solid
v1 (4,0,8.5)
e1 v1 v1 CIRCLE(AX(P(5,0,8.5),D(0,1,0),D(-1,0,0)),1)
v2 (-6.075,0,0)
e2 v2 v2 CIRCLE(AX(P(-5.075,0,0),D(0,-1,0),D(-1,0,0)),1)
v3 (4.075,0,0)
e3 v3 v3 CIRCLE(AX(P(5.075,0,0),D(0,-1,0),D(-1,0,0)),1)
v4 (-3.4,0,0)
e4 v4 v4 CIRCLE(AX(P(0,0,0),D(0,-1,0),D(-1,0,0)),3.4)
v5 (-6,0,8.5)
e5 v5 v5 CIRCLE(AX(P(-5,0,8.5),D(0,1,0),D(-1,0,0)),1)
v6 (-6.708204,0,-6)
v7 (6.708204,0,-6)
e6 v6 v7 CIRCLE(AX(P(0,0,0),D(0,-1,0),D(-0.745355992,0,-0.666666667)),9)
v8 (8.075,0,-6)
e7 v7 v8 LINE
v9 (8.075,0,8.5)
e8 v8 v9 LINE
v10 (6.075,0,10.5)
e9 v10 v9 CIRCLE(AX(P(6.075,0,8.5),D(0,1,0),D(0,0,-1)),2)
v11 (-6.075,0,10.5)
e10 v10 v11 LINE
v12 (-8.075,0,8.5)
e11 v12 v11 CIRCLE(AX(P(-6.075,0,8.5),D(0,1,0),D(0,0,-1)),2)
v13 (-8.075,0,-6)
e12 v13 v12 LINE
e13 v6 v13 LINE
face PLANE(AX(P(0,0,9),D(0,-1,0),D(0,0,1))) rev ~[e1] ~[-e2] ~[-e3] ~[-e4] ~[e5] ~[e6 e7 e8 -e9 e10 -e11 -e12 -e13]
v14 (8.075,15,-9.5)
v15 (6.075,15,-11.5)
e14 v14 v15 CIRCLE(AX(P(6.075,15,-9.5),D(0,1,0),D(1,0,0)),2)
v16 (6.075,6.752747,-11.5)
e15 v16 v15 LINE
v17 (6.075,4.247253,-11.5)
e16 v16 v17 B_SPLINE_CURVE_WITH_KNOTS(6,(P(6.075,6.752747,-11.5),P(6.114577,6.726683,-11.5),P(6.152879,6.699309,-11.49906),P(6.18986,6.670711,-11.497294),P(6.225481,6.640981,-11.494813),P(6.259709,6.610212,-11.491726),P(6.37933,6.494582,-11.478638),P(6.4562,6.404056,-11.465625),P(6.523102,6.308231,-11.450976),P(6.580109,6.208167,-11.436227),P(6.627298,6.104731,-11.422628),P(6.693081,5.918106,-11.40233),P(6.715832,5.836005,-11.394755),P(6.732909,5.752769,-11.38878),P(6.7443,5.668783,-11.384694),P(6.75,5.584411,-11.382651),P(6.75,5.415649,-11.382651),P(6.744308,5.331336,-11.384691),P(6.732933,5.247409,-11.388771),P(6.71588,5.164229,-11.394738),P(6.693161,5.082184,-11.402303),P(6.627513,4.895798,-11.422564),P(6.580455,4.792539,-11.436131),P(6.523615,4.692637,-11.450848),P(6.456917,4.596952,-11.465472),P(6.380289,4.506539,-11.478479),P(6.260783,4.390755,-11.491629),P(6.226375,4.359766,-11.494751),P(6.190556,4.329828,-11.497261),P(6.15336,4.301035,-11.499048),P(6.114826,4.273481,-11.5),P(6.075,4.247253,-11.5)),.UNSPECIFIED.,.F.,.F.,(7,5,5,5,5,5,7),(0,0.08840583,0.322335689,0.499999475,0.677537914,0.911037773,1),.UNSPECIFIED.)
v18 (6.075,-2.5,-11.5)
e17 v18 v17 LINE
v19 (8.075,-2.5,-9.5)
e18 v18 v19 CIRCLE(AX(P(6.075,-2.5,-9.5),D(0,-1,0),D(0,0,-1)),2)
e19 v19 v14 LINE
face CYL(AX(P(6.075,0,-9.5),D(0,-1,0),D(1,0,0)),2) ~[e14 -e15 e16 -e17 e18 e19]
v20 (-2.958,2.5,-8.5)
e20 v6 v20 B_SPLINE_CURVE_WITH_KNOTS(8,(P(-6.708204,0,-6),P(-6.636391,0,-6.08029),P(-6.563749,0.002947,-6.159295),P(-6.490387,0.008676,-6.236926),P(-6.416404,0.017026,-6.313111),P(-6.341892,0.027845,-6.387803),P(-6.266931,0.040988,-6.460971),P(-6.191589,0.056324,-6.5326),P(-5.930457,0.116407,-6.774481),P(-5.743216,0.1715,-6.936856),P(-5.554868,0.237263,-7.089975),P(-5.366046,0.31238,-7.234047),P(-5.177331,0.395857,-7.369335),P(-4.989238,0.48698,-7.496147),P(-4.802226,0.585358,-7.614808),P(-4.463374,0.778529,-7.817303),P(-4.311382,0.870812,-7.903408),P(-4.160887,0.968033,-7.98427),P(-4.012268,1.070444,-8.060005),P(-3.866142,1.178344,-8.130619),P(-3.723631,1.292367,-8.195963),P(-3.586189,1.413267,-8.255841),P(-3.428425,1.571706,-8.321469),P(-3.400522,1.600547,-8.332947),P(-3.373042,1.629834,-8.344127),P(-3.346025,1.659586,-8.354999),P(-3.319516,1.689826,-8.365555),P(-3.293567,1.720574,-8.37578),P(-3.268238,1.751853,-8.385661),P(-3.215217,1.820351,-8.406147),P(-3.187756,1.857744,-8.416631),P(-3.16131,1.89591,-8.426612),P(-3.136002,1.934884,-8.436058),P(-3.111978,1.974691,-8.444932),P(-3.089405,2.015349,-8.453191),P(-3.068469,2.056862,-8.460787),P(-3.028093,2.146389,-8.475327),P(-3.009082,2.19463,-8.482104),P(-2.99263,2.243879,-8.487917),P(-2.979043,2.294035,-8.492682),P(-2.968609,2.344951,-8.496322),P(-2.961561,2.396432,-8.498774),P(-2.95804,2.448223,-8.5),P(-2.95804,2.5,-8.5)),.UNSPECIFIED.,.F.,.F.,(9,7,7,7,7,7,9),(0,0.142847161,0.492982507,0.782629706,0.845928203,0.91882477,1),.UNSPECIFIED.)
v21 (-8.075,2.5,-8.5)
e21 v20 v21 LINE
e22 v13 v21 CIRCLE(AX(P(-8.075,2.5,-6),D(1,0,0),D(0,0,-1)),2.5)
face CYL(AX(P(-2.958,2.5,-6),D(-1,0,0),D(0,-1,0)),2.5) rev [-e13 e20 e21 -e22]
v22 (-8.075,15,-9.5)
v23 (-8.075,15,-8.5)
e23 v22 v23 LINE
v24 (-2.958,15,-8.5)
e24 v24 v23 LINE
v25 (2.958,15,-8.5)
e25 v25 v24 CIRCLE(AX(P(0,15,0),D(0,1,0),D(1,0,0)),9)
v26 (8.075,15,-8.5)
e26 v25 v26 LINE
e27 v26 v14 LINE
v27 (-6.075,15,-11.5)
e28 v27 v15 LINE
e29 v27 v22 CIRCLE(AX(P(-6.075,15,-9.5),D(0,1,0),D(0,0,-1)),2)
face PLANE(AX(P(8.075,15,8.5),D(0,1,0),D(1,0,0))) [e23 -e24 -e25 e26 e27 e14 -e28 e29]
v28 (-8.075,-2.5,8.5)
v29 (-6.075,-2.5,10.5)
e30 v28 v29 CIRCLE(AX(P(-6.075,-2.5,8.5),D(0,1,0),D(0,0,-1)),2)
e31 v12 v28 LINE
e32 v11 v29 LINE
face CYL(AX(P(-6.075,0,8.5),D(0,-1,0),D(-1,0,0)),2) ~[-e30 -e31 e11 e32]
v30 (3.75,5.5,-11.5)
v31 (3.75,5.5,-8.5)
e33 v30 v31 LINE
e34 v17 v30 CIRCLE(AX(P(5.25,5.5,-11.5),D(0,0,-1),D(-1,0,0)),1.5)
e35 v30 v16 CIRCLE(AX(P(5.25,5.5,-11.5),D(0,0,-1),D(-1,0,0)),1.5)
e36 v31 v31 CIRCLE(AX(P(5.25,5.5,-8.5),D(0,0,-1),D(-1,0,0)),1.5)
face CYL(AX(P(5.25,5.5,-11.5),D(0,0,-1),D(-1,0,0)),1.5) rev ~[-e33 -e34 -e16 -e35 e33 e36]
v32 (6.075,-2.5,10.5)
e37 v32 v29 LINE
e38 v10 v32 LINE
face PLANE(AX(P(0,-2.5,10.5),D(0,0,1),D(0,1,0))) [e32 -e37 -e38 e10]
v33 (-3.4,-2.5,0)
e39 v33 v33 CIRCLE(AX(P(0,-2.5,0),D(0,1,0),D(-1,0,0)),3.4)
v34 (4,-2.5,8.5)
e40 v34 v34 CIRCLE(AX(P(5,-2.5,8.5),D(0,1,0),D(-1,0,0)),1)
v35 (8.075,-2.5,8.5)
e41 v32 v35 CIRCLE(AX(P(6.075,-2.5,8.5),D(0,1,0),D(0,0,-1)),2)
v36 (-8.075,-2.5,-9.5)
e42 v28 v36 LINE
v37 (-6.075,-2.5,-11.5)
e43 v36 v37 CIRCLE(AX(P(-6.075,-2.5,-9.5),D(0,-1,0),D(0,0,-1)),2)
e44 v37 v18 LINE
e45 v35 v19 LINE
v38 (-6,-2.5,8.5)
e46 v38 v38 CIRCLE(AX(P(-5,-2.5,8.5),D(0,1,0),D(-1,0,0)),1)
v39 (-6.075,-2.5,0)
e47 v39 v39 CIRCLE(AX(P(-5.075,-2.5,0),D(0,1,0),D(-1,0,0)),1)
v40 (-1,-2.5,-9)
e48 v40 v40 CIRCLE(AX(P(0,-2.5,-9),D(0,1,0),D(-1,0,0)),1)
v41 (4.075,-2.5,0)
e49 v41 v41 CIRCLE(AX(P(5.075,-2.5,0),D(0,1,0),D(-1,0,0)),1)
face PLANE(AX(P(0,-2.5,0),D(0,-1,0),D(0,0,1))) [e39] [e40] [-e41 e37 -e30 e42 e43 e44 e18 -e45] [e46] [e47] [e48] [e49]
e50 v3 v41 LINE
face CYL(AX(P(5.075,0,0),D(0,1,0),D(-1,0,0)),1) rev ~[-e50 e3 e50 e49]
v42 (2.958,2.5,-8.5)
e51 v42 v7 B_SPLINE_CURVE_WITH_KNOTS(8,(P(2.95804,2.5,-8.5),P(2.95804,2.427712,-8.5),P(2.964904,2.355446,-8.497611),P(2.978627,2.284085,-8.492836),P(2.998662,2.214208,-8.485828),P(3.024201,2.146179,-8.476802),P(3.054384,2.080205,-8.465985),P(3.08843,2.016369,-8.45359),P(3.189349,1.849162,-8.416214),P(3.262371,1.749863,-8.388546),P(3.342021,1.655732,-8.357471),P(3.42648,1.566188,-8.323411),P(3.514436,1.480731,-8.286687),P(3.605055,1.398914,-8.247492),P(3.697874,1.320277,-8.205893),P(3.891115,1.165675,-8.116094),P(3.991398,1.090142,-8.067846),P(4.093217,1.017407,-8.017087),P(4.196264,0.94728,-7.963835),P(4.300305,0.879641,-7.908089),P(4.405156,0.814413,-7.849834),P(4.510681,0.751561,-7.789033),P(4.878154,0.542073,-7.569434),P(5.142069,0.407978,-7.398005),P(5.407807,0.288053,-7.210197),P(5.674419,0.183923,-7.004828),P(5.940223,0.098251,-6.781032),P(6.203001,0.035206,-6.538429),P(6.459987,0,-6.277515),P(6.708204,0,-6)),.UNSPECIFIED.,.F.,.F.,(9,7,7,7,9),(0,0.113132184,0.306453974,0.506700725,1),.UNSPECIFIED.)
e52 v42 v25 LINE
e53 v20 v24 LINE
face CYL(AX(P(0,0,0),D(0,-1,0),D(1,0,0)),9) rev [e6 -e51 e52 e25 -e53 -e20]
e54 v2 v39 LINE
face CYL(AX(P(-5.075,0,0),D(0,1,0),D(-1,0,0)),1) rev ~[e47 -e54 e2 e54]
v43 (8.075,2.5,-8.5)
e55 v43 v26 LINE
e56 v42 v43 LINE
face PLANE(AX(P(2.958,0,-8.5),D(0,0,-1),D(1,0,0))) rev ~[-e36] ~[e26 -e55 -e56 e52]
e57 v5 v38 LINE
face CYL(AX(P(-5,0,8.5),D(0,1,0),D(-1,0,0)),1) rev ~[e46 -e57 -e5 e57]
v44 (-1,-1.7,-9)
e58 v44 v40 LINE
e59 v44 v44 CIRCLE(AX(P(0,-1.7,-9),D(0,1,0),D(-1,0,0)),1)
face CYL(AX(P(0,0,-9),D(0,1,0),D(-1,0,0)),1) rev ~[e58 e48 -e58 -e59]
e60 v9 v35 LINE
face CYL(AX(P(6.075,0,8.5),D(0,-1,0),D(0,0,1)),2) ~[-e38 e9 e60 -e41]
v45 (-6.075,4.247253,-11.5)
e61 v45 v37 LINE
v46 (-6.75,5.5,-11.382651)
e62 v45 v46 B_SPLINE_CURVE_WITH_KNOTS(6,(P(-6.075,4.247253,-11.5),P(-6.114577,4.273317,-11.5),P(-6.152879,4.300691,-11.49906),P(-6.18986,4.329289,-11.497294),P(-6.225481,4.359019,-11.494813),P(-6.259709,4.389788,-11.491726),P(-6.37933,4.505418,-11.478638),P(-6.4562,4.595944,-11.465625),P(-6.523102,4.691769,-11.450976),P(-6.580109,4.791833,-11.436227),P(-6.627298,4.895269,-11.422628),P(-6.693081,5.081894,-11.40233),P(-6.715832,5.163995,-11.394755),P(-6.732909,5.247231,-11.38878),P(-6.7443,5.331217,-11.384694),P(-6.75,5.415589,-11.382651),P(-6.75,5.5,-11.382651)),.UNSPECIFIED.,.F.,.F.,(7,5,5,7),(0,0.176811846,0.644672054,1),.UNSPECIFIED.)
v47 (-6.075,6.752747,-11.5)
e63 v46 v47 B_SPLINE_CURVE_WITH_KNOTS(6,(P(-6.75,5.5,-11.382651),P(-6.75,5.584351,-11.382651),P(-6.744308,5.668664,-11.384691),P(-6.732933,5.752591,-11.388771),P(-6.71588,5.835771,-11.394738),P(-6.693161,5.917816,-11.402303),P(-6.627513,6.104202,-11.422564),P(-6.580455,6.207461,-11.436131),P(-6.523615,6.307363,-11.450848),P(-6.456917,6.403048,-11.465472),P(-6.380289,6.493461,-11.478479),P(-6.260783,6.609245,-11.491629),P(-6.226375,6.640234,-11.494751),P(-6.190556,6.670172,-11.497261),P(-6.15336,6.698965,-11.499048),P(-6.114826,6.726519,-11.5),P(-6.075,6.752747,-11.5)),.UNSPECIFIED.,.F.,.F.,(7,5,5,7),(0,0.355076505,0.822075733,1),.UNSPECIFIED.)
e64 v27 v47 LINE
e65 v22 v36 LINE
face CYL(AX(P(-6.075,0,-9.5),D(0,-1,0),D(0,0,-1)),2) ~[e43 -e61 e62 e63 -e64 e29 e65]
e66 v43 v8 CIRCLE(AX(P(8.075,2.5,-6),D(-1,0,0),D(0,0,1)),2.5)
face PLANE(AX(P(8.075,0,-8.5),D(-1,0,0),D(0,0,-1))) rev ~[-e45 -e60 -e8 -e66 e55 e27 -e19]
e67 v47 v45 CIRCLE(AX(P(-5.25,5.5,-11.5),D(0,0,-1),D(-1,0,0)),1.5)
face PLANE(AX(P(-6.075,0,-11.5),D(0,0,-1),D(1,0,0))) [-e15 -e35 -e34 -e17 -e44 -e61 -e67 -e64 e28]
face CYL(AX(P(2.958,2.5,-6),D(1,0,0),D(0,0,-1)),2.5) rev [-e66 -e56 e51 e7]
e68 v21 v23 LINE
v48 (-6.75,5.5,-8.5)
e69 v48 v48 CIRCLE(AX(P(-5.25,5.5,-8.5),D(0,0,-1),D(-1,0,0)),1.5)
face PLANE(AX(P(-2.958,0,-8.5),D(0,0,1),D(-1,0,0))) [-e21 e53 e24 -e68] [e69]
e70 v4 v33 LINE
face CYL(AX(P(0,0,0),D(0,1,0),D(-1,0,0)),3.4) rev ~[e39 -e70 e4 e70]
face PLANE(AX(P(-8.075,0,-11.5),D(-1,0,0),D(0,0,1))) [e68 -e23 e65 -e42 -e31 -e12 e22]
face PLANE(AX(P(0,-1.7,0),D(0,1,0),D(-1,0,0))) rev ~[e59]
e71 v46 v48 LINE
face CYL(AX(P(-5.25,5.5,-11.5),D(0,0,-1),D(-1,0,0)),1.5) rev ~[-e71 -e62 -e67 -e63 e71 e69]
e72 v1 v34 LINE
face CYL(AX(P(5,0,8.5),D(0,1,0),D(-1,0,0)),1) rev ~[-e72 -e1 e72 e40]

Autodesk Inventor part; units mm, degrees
ref_plane "YZ Plane" through (0, 0, 0) normal (1, 0, 0) x (0, 1, 0)
ref_plane "XZ Plane" through (0, 0, 0) normal (0, 1, 0) x (-1, 0, 0)
ref_plane "XY Plane" through (0, 0, 0) normal (0, 0, 1) x (1, 0, 0)
sketch "sk_main" plane through (0, 0, 0) normal (1, 0, 0) x (0, 1, 0)
  line L0 (-8, 0) -> (30.5, 0) projected
  line L1 (0, -15.9) -> (0, 14.9) projected
  line L2 (25, -7.5) -> (0, -7.5)
  line L3 (0, -7.5) -> (0, 9)
  line L4 (25, -11.5) -> (-2.5, -11.5)
  line L5 (-2.5, -11.5) -> (-2.5, 10.5)
  line L6 (0, 10.5) -> (0, -11.5)
  line L7 (25, -7.5) -> (25, -11.5)
  line L8 (-2.5, 10.5) -> (0, 10.5)
  point P0 (0, 0)
  dimension "d5" = 2.5
  dimension "d35" = 25
  dimension "d37" = 4
  dimension "d38" = 18
  dimension "d58" = 10.5
extrude "ext_main_back" [suppressed]
extrude "ext_main_front" add sketch "sk_main" along normal mid plane 12.15 contours L5 L8 L1 L0 | L0 L1 L4 L5
sketch "sk_front" plane through (0, 0, 0) normal (0, 1, 0) x (-1, 0, 0)
  line L0 (0, -22.55) -> (0, 16.3) projected
  line L1 (12.1092, 0) -> (-12.1092, 0) projected
  circle A0 centre (0, 0) radius 3.4
  circle A1 centre (5.075, 0) radius 1
  circle A2 centre (-5.075, 0) radius 1
  circle A3 centre (0, 0) radius 8 construction
  circle A4 centre (0, -9) radius 8 construction
  circle A5 centre (0, -9) radius 1
  line L2 (8.6494, -4.5) -> (-8.6494, -4.5) construction
  line L3 (-6.075, 10.5) -> (-6.075, -11.5) projected
  line L4 (6.075, -11.5) -> (6.075, 10.5) projected
  line L5 (6.075, -11.5) -> (-6.075, -11.5) projected
  circle A6 centre (-5, 8.5) radius 1
  circle A7 centre (-5, 8.5) radius 2.25 construction
  line L6 (-5, 8.5) -> (5, 8.5) construction
  circle A8 centre (5, 8.5) radius 2.25 construction
  circle A9 centre (5, 8.5) radius 1
  line L7 (6.075, 10.5) -> (6.075, -11.5)
  line L8 (6.075, -11.5) -> (8.075, -11.5)
  line L9 (8.075, -11.5) -> (8.075, 10.5)
  line L10 (8.075, 10.5) -> (6.075, 10.5)
  line L11 (-6.075, -11.5) -> (-6.075, 10.5)
  line L12 (-6.075, 10.5) -> (-8.075, 10.5)
  line L13 (-8.075, 10.5) -> (-8.075, -11.5)
  line L14 (-8.075, -11.5) -> (-6.075, -11.5)
  point P0 (0, 8.5)
  dimension "d11" = 6.8
  dimension "d12" = 2
  dimension "d13" = 10.15
  dimension "d14" = 16
  dimension "d15" = 16
  dimension "d16" = 9
  dimension "d17" = 2
  dimension "d27" = 2
  dimension "d28" = 4.5
  dimension "d30" = 10
  dimension "d31" = 8.5
  dimension "d39" = 2
extrude "ext_front_tabs" add sketch "sk_front" against normal up to surface (2.5 mm away) contours L4 L1 L9 L8 | L14 L13 L1 L3 | L4 L10 L9 L1 | L1 L13 L12 L3
extrude "ext_cut_holesfront" cut sketch "sk_front" against normal through all contours A5 L0 | L0 A5 | A1 L1 | L1 A1 | A2 L1 | L1 A2 | A0 L1 L0 | L0 L1 A0 | L1 A0 L0 | L0 A0 L1 | A6 | A9
fillet "Fillet5" radius 2 4 edges at (-8.075, -1.25, -11.5) (8.075, -1.25, -11.5) (8.075, -1.25, 10.5) (-8.075, -1.25, 10.5)
sketch "Sketch7" plane through (8.075, 0, 8.5) normal (0, 1, 0) x (1, 0, 0)
  line L0 (0, 0) -> (0, 18) projected
  arc A0 (0, 18) -> (-2, 20) centre (-2, 18) ccw projected
  line L1 (-14.15, 20) -> (-2, 20) projected
  arc A1 (-14.15, 20) -> (-16.15, 18) centre (-14.15, 18) ccw projected
  line L2 (-16.15, 18) -> (-16.15, 0) projected
  circle A2 centre (-8.075, 8.5) radius 3.4 projected
  circle A3 centre (-8.075, 8.5) radius 9
  line L3 (-11.033, 17) -> (-16.15, 17)
  line L4 (-5.117, 17) -> (0, 17)
  line L5 (-2, -2) -> (-14.15, -2) projected
  line L6 (-16.15, 17) -> (-16.15, 21)
  line L7 (-16.15, 21) -> (0, 21)
  line L8 (0, 21) -> (0, 17)
  dimension "d45" = 18
  dimension "d46" = 3
  dimension "d57" = 1
extrude "ext_backtab" add sketch "Sketch7" along normal blind 15 contours L4 A3 L3 L2 A1 L1 A0 L0
sketch "Sketch8" plane through (6.075, -2.5, -11.5) normal (0, 0, -1) x (-1, 0, 0)
  line L0 (12.15, 0) -> (0, 0) projected
  line L1 (0, 17.5) -> (12.15, 17.5) projected
  line L2 (6.075, 0) -> (6.075, 17.5)
  circle A0 centre (0.825, 8) radius 1.5
  circle A1 centre (11.325, 8) radius 1.5
  line L3 (0.825, 8) -> (11.325, 8) construction
  point P0 (6.075, 2.5)
  dimension "d49" = 3
  dimension "d50" = 10.5
  dimension "d56" = 8
extrude "ext_cut_mountholes" cut sketch "Sketch8" against normal up to next
fillet "Fillet6" radius 2.5 2 edges at (5.5165, 0, -8.5) (-5.5165, 0, -8.5)
extrude "ext_dowelfill" add sketch "sk_front" against normal blind 1.7 contours A5 L0 | L0 A5
equation "\"d12\" = screw_m2_bore_selfthreading"
equation "\"d17\" = screw_m2_bore_selfthreading"
equation "\"d27\" = screw_m2_bore_selfthreading"
equation "\"d28\" = screw_m2_head_maxsize"
equation "\"d49\" = screw_m3_bore_selfthreading"
equation "\"screw_m2_bore_selfthreading\" = 2"
equation "\"screw_m2_head_maxsize\" = 4.5"
equation "\"screw_m3_bore_selfthreading\" = 3"
properties part number "empty"
